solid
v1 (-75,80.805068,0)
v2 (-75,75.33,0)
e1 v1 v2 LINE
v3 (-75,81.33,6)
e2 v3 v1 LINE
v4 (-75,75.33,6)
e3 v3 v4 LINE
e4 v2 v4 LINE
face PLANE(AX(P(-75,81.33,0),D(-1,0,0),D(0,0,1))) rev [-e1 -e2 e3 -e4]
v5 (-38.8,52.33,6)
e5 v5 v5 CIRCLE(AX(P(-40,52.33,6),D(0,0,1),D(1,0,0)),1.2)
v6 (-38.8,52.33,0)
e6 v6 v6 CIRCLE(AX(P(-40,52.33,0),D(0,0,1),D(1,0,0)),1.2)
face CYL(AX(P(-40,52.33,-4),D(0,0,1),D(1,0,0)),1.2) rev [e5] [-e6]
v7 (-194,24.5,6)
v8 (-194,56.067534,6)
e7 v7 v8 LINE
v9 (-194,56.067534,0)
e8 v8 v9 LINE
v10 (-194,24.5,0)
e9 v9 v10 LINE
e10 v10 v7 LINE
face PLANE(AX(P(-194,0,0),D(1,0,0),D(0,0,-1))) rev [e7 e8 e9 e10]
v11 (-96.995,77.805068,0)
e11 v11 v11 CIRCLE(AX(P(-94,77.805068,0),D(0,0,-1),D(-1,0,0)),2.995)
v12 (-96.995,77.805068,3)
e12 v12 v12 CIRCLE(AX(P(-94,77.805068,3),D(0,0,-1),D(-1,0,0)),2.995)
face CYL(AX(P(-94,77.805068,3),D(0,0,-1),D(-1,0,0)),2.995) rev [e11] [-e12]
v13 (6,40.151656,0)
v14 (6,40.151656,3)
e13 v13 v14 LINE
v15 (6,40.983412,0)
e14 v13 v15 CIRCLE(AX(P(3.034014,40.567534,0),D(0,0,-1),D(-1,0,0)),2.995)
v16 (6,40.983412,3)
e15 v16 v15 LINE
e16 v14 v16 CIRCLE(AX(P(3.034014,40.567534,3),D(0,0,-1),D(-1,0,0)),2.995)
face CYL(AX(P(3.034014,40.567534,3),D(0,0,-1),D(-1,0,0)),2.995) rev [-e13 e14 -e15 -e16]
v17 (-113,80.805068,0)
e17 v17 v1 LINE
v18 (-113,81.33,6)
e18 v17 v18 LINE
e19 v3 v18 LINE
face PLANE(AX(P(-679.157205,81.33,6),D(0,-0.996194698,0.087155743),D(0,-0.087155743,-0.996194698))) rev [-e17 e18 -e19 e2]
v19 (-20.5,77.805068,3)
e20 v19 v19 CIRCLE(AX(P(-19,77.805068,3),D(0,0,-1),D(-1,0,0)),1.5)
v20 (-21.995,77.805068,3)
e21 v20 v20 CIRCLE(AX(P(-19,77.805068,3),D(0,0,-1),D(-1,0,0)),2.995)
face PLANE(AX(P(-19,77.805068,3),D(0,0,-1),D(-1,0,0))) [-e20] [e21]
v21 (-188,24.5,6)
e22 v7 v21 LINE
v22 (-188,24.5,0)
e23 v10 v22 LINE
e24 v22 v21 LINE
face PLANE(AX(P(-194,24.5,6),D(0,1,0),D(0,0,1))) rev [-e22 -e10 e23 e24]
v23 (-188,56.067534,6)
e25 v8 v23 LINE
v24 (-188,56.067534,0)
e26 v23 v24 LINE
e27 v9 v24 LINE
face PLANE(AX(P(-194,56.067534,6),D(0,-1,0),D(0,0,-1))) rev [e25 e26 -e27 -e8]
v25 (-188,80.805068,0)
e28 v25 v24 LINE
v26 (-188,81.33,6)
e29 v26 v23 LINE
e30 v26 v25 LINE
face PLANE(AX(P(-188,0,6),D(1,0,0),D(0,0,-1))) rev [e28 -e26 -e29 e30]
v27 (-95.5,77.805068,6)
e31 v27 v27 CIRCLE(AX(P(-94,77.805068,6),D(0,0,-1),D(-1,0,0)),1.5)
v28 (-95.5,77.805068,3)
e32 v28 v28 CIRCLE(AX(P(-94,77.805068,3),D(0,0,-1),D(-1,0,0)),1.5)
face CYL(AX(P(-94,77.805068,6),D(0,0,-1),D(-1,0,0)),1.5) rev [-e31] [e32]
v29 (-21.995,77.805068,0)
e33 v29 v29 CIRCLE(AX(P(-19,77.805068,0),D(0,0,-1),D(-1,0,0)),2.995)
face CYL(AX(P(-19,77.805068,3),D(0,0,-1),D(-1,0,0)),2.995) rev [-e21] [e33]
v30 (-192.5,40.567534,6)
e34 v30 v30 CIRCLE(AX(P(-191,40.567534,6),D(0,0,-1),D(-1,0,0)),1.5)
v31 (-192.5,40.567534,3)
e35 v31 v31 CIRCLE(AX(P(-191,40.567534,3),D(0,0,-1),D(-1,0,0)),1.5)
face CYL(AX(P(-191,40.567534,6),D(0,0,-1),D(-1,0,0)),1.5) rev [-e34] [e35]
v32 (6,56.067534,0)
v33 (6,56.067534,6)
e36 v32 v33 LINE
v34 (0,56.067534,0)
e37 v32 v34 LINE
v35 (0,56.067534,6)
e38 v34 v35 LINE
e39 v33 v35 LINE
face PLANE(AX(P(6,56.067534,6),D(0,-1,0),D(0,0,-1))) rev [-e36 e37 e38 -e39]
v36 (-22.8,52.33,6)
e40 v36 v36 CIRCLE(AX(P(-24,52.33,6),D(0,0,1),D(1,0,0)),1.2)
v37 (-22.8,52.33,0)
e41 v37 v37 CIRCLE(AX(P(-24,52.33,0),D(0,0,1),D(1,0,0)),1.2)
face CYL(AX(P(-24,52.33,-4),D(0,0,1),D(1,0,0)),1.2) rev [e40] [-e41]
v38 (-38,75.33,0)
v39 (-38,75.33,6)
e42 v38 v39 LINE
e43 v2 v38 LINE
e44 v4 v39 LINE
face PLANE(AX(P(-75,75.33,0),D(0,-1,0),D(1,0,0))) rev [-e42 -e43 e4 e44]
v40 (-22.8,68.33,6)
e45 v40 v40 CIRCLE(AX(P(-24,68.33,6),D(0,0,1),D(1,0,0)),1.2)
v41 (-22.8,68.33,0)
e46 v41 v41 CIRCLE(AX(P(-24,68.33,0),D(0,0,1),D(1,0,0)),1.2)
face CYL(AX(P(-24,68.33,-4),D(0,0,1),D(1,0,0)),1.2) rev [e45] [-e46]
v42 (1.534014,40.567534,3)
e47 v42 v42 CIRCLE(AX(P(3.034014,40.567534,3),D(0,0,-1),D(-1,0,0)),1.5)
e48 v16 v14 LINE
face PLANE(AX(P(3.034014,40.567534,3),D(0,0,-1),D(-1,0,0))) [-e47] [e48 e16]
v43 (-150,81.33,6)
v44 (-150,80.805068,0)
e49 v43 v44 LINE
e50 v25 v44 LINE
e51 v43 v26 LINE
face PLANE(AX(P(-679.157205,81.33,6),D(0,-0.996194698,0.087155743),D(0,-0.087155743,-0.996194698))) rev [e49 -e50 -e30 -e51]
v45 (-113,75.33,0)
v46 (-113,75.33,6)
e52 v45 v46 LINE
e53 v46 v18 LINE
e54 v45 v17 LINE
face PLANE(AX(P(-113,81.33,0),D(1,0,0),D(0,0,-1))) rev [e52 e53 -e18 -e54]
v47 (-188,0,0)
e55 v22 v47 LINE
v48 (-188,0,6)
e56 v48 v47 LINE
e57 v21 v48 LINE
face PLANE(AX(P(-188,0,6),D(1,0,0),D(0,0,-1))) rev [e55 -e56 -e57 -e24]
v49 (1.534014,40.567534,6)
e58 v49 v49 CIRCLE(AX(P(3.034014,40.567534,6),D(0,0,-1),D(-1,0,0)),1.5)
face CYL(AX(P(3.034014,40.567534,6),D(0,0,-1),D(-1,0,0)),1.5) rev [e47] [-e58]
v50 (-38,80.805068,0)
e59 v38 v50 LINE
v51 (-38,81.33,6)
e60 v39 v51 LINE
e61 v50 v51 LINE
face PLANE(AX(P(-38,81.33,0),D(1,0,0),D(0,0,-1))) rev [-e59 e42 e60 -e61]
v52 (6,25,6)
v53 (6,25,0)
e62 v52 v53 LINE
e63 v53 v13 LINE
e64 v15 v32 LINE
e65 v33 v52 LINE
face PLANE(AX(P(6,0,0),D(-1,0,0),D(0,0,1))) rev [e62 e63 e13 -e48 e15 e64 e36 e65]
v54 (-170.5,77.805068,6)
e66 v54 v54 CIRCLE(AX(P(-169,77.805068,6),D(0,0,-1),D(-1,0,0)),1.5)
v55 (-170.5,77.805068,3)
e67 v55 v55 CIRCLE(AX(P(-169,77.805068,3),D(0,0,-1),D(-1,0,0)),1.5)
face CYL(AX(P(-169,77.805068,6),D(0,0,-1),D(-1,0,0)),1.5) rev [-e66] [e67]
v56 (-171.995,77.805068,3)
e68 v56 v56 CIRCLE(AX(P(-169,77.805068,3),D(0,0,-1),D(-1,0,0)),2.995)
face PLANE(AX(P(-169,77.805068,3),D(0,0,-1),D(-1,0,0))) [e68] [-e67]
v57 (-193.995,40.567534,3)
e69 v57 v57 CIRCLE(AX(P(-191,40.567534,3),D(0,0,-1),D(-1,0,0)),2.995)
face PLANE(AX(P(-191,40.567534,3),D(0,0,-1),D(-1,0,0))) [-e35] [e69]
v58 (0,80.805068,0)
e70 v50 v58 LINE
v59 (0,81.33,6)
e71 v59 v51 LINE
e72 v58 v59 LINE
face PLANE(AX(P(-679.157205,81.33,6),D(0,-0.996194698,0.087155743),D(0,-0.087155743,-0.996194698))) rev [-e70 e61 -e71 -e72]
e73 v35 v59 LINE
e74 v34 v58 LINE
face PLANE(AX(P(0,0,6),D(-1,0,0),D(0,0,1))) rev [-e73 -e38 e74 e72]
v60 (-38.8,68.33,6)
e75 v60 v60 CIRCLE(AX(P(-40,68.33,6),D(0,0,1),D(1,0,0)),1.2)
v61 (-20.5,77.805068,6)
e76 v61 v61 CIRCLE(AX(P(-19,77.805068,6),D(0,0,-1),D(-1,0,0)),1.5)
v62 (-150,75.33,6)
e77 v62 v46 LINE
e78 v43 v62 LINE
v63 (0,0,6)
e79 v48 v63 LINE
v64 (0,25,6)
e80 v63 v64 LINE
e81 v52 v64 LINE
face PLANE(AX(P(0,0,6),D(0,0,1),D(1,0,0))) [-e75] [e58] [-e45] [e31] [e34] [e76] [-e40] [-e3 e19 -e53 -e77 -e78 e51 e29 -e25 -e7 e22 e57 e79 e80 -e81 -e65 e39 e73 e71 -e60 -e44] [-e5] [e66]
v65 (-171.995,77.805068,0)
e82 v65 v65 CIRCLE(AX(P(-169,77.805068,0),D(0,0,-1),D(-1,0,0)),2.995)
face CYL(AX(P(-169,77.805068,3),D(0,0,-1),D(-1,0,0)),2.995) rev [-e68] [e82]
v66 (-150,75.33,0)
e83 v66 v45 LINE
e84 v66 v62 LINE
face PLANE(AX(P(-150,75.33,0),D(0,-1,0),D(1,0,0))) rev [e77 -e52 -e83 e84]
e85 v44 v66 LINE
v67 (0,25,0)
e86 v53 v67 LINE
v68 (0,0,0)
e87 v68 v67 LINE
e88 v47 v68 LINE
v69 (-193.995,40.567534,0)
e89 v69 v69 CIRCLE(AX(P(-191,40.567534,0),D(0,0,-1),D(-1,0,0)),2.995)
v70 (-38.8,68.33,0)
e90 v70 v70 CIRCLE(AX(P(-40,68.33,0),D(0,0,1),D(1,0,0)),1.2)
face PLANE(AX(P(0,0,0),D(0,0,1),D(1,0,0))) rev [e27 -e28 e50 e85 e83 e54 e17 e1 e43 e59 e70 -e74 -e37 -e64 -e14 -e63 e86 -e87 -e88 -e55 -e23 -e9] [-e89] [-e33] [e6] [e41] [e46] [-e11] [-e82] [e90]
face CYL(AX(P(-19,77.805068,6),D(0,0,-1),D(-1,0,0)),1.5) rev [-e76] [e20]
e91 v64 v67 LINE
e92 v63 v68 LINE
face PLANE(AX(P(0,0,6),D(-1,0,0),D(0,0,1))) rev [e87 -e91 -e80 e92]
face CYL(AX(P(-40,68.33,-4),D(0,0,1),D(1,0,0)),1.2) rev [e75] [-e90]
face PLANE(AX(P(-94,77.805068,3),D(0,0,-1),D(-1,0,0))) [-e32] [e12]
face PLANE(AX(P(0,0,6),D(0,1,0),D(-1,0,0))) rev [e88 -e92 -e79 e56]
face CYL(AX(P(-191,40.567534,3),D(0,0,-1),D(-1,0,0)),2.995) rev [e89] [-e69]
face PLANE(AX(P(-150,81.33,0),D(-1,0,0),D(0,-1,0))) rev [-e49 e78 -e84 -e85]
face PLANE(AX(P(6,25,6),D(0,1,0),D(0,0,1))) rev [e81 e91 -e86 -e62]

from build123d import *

# Parameters (mm, degrees)
ESQUISSE1_W                  = 188
ESQUISSE1_H                  = 81.33
BOSS_EXTRU_1_DEPTH           = 6
ENL_V_MAT_EXTRU_2_DEPTH      = 205.925764364
ENL_V_MAT_EXTRU_2_DEPTH_BACK = 205.925764364
ESQUISSE4_W                  = 6
ESQUISSE4_H                  = 31.567534009
BOSS_EXTRU_2_DEPTH           = 6
ESQUISSE5_W                  = 6
ESQUISSE5_H                  = 31.067534009
BOSS_EXTRU_3_DEPTH           = 6
ESQUISSE6_W                  = 37
ESQUISSE6_H                  = 6
ENL_V_MAT_EXTRU_3_DEPTH      = 6
ESQUISSE7_R                  = 2.995
ENL_V_MAT_EXTRU_4_DEPTH      = 3
ESQUISSE8_R                  = 1.5
ENL_V_MAT_EXTRU_5_DEPTH      = 6
ESQUISSE9_R                  = 1.2
ENL_V_MAT_EXTRU_6_DEPTH      = 10


with BuildPart() as part:
    # Esquisse1 → Boss.-Extru.1 (new body)
    with BuildSketch(Plane.XY):
        with Locations((-94, 40.665)):
            Rectangle(ESQUISSE1_W, ESQUISSE1_H)
    extrude(amount=BOSS_EXTRU_1_DEPTH)

    # Esquisse2 → Enlèv. mat.-Extru.2 (cut, two sides: drawn at the far end of the back side and taken through both)
    with BuildSketch(Plane.ZY.offset(188).offset(-ENL_V_MAT_EXTRU_2_DEPTH_BACK)):
        Polygon((178.443334928, 96.416836907), (6, 81.33), (0, 80.805068019), (-172.443334928, 65.718231112), (-202.617008742, 410.604900969), (148.269661115, 441.303506764), align=None)
    extrude(amount=ENL_V_MAT_EXTRU_2_DEPTH + ENL_V_MAT_EXTRU_2_DEPTH_BACK, mode=Mode.SUBTRACT)

    # Esquisse4 → Boss.-Extru.2 (add)
    with BuildSketch(Plane.ZY.offset(188)):
        with Locations((3, 40.283767005)):
            Rectangle(ESQUISSE4_W, ESQUISSE4_H)
    extrude(amount=BOSS_EXTRU_2_DEPTH)

    # Esquisse5 → Boss.-Extru.3 (add)
    with BuildSketch(Plane(origin=(0, 0, 0), x_dir=(0, 0, -1), z_dir=(1, 0, 0))):
        with Locations((-3, 40.533767005)):
            Rectangle(ESQUISSE5_W, ESQUISSE5_H)
    extrude(amount=BOSS_EXTRU_3_DEPTH)

    # Esquisse6 → Enlèv. mat.-Extru.3 (cut)
    with BuildSketch(Plane.XY.offset(6)):
        with Locations((-131.5, 78.33)):
            Rectangle(ESQUISSE6_W, ESQUISSE6_H)
        with Locations((-56.5, 78.33)):
            Rectangle(ESQUISSE6_W, ESQUISSE6_H)
    extrude(amount=-ENL_V_MAT_EXTRU_3_DEPTH, mode=Mode.SUBTRACT)

    # Esquisse7 → Enlèv. mat.-Extru.4 (cut)
    with BuildSketch(Plane(origin=(0, 0, 0), x_dir=(-1, 0, 0), z_dir=(0, 0, -1))):
        with Locations((94, 77.805068019)):
            Circle(ESQUISSE7_R)
        with Locations((19, 77.805068019)):
            Circle(ESQUISSE7_R)
        with Locations((169, 77.805068019)):
            Circle(ESQUISSE7_R)
        with Locations((191, 40.567534009)):
            Circle(ESQUISSE7_R)
        with Locations((-3.034014412, 40.567534009)):
            Circle(ESQUISSE7_R)
    extrude(amount=-ENL_V_MAT_EXTRU_4_DEPTH, mode=Mode.SUBTRACT)

    # Esquisse8 → Enlèv. mat.-Extru.5 (cut)
    with BuildSketch(Plane(origin=(0, 0, 0), x_dir=(-1, 0, 0), z_dir=(0, 0, -1))):
        with Locations((-3.034014412, 40.567534009)):
            Circle(ESQUISSE8_R)
        with Locations((19, 77.805068019)):
            Circle(ESQUISSE8_R)
        with Locations((94, 77.805068019)):
            Circle(ESQUISSE8_R)
        with Locations((169, 77.805068019)):
            Circle(ESQUISSE8_R)
        with Locations((191, 40.567534009)):
            Circle(ESQUISSE8_R)
    extrude(amount=-ENL_V_MAT_EXTRU_5_DEPTH, mode=Mode.SUBTRACT)

    # Esquisse9 → Enlèv. mat.-Extru.6 (cut)
    with BuildSketch(Plane.XY.offset(6)):
        with Locations((-24, 68.33)):
            Circle(ESQUISSE9_R)
        with Locations((-24, 52.33)):
            Circle(ESQUISSE9_R)
        with Locations((-40, 68.33)):
            Circle(ESQUISSE9_R)
        with Locations((-40, 52.33)):
            Circle(ESQUISSE9_R)
    extrude(amount=-ENL_V_MAT_EXTRU_6_DEPTH, mode=Mode.SUBTRACT)


solid = part.part
